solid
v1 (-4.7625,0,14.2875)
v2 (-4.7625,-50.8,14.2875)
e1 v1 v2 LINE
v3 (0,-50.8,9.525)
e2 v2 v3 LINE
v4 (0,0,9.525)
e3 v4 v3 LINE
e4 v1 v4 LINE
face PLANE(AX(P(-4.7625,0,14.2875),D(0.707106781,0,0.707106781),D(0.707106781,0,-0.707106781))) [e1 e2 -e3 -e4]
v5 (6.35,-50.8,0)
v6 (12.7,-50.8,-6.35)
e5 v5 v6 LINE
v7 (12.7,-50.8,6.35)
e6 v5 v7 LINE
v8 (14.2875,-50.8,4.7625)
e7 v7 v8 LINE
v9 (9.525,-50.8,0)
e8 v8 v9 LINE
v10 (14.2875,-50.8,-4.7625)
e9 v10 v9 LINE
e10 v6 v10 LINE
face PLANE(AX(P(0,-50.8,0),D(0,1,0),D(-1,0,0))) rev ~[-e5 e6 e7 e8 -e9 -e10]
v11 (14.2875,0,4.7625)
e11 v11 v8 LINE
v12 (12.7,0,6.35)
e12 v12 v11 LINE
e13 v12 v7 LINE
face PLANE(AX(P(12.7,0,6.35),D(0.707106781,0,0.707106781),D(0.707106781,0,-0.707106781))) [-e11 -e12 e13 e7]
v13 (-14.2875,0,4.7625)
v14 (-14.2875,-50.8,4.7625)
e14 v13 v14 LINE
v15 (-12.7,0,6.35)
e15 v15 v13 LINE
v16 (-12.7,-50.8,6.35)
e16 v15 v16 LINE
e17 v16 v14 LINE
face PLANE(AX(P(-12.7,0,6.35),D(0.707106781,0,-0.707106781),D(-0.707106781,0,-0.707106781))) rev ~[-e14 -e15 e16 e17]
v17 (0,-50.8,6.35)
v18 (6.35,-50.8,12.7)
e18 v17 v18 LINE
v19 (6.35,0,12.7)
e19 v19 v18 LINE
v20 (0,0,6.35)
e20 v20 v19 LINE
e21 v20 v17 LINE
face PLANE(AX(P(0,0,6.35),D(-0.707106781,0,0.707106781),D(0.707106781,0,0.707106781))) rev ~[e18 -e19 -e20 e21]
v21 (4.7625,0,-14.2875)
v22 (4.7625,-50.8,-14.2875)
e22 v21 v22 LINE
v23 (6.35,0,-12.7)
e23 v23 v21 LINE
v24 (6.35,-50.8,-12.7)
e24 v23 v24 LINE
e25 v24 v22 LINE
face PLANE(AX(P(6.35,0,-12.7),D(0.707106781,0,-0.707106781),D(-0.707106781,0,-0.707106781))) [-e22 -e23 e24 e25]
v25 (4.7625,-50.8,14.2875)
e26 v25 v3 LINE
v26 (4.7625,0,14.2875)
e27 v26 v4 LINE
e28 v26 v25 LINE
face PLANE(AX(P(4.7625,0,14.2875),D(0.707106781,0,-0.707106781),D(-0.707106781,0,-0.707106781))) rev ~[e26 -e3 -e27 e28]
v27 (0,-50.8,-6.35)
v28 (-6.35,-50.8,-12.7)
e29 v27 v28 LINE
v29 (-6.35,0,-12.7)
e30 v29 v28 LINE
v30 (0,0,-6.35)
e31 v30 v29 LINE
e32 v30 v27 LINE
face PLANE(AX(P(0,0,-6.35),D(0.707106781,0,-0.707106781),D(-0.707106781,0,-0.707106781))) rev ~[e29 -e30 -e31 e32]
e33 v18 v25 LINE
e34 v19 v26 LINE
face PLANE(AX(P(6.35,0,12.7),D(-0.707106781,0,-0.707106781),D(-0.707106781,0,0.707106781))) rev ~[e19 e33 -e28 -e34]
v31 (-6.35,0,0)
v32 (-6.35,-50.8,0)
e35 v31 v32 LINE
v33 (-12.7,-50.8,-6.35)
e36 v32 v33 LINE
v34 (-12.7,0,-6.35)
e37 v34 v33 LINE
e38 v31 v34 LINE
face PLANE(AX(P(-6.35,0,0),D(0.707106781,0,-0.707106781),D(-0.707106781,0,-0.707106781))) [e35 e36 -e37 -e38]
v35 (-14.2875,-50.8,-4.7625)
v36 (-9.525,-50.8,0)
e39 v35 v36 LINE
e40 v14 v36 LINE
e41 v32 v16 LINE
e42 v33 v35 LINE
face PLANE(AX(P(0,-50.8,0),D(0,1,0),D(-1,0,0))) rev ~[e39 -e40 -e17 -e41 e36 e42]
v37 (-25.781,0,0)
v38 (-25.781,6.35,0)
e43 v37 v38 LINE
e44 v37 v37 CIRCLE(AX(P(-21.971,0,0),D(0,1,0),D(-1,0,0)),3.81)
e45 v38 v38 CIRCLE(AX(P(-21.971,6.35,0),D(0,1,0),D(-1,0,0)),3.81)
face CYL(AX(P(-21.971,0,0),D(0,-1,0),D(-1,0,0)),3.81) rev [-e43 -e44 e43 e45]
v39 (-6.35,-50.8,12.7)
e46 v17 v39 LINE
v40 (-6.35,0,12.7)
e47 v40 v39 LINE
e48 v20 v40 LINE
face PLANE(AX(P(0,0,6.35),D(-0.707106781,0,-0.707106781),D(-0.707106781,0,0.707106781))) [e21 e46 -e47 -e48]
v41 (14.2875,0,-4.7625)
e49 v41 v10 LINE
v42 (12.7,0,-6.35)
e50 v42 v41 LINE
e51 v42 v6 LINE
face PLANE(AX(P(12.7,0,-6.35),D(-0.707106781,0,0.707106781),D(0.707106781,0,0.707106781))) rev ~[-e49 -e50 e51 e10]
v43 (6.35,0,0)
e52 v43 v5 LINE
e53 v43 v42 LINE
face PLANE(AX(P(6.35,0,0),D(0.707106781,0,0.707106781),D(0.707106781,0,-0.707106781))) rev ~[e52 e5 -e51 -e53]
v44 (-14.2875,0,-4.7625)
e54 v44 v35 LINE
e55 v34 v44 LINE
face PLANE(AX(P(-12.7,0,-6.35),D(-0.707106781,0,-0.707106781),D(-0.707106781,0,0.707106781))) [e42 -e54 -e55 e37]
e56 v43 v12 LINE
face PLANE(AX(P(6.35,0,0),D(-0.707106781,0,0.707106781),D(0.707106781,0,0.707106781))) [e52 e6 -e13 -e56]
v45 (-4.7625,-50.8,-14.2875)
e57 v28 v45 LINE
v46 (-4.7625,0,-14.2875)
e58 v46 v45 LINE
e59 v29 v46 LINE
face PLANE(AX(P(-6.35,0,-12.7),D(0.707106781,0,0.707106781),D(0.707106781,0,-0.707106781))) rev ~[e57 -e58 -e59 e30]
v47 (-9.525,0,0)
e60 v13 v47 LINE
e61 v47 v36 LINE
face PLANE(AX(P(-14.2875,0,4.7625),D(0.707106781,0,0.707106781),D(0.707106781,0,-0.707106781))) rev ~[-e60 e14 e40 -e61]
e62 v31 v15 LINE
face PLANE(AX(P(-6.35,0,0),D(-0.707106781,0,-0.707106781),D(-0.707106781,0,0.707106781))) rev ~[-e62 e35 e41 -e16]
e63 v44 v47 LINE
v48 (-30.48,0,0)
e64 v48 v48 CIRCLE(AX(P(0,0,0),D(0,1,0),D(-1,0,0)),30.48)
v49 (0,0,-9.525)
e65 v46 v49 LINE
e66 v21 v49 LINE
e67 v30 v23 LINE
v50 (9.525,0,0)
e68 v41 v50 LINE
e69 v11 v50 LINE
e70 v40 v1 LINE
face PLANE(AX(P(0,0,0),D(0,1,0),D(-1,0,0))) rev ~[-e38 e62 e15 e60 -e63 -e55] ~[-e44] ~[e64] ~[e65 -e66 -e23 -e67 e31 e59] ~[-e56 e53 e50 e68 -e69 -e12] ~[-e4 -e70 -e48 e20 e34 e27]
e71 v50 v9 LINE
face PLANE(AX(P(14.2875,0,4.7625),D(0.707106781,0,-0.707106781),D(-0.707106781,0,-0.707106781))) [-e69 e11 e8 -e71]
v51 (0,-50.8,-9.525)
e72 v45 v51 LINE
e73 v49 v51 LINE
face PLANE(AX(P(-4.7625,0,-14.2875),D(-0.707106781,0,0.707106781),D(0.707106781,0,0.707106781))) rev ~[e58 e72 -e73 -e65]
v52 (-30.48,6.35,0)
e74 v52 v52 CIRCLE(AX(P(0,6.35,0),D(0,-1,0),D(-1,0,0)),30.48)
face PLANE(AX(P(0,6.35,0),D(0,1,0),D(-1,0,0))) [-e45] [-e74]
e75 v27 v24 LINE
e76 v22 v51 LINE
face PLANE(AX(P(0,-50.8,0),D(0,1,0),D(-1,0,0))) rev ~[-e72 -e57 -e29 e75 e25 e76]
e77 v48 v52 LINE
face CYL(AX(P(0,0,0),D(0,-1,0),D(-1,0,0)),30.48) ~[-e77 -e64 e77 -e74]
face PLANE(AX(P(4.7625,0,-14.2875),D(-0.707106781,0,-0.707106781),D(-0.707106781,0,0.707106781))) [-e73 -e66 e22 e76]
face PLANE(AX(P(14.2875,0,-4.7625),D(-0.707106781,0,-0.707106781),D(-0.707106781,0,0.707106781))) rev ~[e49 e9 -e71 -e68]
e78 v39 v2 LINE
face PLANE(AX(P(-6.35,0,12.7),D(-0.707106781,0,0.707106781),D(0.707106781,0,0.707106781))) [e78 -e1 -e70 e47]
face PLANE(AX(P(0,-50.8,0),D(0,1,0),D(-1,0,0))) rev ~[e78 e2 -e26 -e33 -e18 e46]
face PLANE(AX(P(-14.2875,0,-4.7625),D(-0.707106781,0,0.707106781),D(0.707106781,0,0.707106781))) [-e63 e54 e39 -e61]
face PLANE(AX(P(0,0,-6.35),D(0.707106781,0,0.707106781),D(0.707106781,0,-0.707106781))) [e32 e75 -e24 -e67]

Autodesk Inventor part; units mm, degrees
ref_plane "YZ Plane" through (0, 0, 0) normal (1, 0, 0) x (0, 1, 0)
ref_plane "XZ Plane" through (0, 0, 0) normal (0, 1, 0) x (-1, 0, 0)
ref_plane "XY Plane" through (0, 0, 0) normal (0, 0, 1) x (1, 0, 0)
sketch "Sketch1" plane through (0, 0, 0) normal (0, 1, 0) x (-1, 0, 0)
  circle A0 centre (0, 0) radius 30.48
  line L0 (-6.35, 0) -> (-12.7, 6.35)
  line L1 (-12.7, 6.35) -> (-14.2875, 4.7625)
  line L2 (-14.2875, 4.7625) -> (-9.525, 0)
  line L3 (-9.525, 0) -> (-6.35, 0)
  line L4 (-6.35, 0) -> (-12.7, -6.35)
  line L5 (-12.7, -6.35) -> (-14.2875, -4.7625)
  line L6 (-14.2875, -4.7625) -> (-9.525, 0)
  line L7 (0, 30.48) -> (0, -30.48)
  line L8 (0, -6.35) -> (-6.35, -12.7)
  line L9 (-6.35, -12.7) -> (-4.7625, -14.2875)
  line L10 (-4.7625, -14.2875) -> (0, -9.525)
  line L11 (0, -9.525) -> (0, -6.35)
  line L12 (4.7625, -14.2875) -> (0, -9.525)
  line L13 (6.35, -12.7) -> (4.7625, -14.2875)
  line L14 (0, -6.35) -> (6.35, -12.7)
  line L15 (6.35, 0) -> (12.7, -6.35)
  line L16 (12.7, -6.35) -> (14.2875, -4.7625)
  line L17 (14.2875, -4.7625) -> (9.525, 0)
  line L18 (9.525, 0) -> (6.35, 0)
  line L19 (14.2875, 4.7625) -> (9.525, 0)
  line L20 (12.7, 6.35) -> (14.2875, 4.7625)
  line L21 (6.35, 0) -> (12.7, 6.35)
  line L22 (0, 6.35) -> (6.35, 12.7)
  line L23 (6.35, 12.7) -> (4.7625, 14.2875)
  line L24 (4.7625, 14.2875) -> (0, 9.525)
  line L25 (0, 9.525) -> (0, 6.35)
  line L26 (-4.7625, 14.2875) -> (0, 9.525)
  line L27 (-6.35, 12.7) -> (-4.7625, 14.2875)
  line L28 (0, 6.35) -> (-6.35, 12.7)
  circle A1 centre (21.971, 0) radius 3.81
  point P0 (-7.9375, 0)
  point P1 (0, -7.9375)
  point P2 (7.9375, 0)
  point P3 (0, 7.9375)
  dimension "d0" = 60.96
  dimension "d3" = 45
  dimension "d6" = 6.35
  dimension "d7" = 3.175
  dimension "d8" = 6.35
  dimension "d11" = 360
  dimension "d15" = 7.62
  dimension "d16" = 21.971
extrude "Extrusion1" add sketch "Sketch1" along normal blind 6.35 contours A0 L7 L12 L13 L14 L22 L23 L24 | L7 L26 L27 L28 L8 L9 L10 A0 | L24 L23 L22 L7 | L7 L28 L27 L26 | L10 L9 L8 L7 | L7 L14 L13 L12 | L3 L2 L1 L0 | L4 L5 L6 L3 | L18 L17 L16 L15 | L21 L20 L19 L18 | A1
extrude "Extrusion2" add sketch "Sketch1" against normal blind 50.8 contours L24 L23 L22 L7 | L7 L28 L27 L26 | L10 L9 L8 L7 | L7 L14 L13 L12 | L3 L2 L1 L0 | L4 L5 L6 L3 | L18 L17 L16 L15 | L21 L20 L19 L18
extrude "Extrusion3" cut sketch "Sketch1" along normal blind 6.35 contours A1
properties part number "OGPlatform" material "ABS Plastic"
